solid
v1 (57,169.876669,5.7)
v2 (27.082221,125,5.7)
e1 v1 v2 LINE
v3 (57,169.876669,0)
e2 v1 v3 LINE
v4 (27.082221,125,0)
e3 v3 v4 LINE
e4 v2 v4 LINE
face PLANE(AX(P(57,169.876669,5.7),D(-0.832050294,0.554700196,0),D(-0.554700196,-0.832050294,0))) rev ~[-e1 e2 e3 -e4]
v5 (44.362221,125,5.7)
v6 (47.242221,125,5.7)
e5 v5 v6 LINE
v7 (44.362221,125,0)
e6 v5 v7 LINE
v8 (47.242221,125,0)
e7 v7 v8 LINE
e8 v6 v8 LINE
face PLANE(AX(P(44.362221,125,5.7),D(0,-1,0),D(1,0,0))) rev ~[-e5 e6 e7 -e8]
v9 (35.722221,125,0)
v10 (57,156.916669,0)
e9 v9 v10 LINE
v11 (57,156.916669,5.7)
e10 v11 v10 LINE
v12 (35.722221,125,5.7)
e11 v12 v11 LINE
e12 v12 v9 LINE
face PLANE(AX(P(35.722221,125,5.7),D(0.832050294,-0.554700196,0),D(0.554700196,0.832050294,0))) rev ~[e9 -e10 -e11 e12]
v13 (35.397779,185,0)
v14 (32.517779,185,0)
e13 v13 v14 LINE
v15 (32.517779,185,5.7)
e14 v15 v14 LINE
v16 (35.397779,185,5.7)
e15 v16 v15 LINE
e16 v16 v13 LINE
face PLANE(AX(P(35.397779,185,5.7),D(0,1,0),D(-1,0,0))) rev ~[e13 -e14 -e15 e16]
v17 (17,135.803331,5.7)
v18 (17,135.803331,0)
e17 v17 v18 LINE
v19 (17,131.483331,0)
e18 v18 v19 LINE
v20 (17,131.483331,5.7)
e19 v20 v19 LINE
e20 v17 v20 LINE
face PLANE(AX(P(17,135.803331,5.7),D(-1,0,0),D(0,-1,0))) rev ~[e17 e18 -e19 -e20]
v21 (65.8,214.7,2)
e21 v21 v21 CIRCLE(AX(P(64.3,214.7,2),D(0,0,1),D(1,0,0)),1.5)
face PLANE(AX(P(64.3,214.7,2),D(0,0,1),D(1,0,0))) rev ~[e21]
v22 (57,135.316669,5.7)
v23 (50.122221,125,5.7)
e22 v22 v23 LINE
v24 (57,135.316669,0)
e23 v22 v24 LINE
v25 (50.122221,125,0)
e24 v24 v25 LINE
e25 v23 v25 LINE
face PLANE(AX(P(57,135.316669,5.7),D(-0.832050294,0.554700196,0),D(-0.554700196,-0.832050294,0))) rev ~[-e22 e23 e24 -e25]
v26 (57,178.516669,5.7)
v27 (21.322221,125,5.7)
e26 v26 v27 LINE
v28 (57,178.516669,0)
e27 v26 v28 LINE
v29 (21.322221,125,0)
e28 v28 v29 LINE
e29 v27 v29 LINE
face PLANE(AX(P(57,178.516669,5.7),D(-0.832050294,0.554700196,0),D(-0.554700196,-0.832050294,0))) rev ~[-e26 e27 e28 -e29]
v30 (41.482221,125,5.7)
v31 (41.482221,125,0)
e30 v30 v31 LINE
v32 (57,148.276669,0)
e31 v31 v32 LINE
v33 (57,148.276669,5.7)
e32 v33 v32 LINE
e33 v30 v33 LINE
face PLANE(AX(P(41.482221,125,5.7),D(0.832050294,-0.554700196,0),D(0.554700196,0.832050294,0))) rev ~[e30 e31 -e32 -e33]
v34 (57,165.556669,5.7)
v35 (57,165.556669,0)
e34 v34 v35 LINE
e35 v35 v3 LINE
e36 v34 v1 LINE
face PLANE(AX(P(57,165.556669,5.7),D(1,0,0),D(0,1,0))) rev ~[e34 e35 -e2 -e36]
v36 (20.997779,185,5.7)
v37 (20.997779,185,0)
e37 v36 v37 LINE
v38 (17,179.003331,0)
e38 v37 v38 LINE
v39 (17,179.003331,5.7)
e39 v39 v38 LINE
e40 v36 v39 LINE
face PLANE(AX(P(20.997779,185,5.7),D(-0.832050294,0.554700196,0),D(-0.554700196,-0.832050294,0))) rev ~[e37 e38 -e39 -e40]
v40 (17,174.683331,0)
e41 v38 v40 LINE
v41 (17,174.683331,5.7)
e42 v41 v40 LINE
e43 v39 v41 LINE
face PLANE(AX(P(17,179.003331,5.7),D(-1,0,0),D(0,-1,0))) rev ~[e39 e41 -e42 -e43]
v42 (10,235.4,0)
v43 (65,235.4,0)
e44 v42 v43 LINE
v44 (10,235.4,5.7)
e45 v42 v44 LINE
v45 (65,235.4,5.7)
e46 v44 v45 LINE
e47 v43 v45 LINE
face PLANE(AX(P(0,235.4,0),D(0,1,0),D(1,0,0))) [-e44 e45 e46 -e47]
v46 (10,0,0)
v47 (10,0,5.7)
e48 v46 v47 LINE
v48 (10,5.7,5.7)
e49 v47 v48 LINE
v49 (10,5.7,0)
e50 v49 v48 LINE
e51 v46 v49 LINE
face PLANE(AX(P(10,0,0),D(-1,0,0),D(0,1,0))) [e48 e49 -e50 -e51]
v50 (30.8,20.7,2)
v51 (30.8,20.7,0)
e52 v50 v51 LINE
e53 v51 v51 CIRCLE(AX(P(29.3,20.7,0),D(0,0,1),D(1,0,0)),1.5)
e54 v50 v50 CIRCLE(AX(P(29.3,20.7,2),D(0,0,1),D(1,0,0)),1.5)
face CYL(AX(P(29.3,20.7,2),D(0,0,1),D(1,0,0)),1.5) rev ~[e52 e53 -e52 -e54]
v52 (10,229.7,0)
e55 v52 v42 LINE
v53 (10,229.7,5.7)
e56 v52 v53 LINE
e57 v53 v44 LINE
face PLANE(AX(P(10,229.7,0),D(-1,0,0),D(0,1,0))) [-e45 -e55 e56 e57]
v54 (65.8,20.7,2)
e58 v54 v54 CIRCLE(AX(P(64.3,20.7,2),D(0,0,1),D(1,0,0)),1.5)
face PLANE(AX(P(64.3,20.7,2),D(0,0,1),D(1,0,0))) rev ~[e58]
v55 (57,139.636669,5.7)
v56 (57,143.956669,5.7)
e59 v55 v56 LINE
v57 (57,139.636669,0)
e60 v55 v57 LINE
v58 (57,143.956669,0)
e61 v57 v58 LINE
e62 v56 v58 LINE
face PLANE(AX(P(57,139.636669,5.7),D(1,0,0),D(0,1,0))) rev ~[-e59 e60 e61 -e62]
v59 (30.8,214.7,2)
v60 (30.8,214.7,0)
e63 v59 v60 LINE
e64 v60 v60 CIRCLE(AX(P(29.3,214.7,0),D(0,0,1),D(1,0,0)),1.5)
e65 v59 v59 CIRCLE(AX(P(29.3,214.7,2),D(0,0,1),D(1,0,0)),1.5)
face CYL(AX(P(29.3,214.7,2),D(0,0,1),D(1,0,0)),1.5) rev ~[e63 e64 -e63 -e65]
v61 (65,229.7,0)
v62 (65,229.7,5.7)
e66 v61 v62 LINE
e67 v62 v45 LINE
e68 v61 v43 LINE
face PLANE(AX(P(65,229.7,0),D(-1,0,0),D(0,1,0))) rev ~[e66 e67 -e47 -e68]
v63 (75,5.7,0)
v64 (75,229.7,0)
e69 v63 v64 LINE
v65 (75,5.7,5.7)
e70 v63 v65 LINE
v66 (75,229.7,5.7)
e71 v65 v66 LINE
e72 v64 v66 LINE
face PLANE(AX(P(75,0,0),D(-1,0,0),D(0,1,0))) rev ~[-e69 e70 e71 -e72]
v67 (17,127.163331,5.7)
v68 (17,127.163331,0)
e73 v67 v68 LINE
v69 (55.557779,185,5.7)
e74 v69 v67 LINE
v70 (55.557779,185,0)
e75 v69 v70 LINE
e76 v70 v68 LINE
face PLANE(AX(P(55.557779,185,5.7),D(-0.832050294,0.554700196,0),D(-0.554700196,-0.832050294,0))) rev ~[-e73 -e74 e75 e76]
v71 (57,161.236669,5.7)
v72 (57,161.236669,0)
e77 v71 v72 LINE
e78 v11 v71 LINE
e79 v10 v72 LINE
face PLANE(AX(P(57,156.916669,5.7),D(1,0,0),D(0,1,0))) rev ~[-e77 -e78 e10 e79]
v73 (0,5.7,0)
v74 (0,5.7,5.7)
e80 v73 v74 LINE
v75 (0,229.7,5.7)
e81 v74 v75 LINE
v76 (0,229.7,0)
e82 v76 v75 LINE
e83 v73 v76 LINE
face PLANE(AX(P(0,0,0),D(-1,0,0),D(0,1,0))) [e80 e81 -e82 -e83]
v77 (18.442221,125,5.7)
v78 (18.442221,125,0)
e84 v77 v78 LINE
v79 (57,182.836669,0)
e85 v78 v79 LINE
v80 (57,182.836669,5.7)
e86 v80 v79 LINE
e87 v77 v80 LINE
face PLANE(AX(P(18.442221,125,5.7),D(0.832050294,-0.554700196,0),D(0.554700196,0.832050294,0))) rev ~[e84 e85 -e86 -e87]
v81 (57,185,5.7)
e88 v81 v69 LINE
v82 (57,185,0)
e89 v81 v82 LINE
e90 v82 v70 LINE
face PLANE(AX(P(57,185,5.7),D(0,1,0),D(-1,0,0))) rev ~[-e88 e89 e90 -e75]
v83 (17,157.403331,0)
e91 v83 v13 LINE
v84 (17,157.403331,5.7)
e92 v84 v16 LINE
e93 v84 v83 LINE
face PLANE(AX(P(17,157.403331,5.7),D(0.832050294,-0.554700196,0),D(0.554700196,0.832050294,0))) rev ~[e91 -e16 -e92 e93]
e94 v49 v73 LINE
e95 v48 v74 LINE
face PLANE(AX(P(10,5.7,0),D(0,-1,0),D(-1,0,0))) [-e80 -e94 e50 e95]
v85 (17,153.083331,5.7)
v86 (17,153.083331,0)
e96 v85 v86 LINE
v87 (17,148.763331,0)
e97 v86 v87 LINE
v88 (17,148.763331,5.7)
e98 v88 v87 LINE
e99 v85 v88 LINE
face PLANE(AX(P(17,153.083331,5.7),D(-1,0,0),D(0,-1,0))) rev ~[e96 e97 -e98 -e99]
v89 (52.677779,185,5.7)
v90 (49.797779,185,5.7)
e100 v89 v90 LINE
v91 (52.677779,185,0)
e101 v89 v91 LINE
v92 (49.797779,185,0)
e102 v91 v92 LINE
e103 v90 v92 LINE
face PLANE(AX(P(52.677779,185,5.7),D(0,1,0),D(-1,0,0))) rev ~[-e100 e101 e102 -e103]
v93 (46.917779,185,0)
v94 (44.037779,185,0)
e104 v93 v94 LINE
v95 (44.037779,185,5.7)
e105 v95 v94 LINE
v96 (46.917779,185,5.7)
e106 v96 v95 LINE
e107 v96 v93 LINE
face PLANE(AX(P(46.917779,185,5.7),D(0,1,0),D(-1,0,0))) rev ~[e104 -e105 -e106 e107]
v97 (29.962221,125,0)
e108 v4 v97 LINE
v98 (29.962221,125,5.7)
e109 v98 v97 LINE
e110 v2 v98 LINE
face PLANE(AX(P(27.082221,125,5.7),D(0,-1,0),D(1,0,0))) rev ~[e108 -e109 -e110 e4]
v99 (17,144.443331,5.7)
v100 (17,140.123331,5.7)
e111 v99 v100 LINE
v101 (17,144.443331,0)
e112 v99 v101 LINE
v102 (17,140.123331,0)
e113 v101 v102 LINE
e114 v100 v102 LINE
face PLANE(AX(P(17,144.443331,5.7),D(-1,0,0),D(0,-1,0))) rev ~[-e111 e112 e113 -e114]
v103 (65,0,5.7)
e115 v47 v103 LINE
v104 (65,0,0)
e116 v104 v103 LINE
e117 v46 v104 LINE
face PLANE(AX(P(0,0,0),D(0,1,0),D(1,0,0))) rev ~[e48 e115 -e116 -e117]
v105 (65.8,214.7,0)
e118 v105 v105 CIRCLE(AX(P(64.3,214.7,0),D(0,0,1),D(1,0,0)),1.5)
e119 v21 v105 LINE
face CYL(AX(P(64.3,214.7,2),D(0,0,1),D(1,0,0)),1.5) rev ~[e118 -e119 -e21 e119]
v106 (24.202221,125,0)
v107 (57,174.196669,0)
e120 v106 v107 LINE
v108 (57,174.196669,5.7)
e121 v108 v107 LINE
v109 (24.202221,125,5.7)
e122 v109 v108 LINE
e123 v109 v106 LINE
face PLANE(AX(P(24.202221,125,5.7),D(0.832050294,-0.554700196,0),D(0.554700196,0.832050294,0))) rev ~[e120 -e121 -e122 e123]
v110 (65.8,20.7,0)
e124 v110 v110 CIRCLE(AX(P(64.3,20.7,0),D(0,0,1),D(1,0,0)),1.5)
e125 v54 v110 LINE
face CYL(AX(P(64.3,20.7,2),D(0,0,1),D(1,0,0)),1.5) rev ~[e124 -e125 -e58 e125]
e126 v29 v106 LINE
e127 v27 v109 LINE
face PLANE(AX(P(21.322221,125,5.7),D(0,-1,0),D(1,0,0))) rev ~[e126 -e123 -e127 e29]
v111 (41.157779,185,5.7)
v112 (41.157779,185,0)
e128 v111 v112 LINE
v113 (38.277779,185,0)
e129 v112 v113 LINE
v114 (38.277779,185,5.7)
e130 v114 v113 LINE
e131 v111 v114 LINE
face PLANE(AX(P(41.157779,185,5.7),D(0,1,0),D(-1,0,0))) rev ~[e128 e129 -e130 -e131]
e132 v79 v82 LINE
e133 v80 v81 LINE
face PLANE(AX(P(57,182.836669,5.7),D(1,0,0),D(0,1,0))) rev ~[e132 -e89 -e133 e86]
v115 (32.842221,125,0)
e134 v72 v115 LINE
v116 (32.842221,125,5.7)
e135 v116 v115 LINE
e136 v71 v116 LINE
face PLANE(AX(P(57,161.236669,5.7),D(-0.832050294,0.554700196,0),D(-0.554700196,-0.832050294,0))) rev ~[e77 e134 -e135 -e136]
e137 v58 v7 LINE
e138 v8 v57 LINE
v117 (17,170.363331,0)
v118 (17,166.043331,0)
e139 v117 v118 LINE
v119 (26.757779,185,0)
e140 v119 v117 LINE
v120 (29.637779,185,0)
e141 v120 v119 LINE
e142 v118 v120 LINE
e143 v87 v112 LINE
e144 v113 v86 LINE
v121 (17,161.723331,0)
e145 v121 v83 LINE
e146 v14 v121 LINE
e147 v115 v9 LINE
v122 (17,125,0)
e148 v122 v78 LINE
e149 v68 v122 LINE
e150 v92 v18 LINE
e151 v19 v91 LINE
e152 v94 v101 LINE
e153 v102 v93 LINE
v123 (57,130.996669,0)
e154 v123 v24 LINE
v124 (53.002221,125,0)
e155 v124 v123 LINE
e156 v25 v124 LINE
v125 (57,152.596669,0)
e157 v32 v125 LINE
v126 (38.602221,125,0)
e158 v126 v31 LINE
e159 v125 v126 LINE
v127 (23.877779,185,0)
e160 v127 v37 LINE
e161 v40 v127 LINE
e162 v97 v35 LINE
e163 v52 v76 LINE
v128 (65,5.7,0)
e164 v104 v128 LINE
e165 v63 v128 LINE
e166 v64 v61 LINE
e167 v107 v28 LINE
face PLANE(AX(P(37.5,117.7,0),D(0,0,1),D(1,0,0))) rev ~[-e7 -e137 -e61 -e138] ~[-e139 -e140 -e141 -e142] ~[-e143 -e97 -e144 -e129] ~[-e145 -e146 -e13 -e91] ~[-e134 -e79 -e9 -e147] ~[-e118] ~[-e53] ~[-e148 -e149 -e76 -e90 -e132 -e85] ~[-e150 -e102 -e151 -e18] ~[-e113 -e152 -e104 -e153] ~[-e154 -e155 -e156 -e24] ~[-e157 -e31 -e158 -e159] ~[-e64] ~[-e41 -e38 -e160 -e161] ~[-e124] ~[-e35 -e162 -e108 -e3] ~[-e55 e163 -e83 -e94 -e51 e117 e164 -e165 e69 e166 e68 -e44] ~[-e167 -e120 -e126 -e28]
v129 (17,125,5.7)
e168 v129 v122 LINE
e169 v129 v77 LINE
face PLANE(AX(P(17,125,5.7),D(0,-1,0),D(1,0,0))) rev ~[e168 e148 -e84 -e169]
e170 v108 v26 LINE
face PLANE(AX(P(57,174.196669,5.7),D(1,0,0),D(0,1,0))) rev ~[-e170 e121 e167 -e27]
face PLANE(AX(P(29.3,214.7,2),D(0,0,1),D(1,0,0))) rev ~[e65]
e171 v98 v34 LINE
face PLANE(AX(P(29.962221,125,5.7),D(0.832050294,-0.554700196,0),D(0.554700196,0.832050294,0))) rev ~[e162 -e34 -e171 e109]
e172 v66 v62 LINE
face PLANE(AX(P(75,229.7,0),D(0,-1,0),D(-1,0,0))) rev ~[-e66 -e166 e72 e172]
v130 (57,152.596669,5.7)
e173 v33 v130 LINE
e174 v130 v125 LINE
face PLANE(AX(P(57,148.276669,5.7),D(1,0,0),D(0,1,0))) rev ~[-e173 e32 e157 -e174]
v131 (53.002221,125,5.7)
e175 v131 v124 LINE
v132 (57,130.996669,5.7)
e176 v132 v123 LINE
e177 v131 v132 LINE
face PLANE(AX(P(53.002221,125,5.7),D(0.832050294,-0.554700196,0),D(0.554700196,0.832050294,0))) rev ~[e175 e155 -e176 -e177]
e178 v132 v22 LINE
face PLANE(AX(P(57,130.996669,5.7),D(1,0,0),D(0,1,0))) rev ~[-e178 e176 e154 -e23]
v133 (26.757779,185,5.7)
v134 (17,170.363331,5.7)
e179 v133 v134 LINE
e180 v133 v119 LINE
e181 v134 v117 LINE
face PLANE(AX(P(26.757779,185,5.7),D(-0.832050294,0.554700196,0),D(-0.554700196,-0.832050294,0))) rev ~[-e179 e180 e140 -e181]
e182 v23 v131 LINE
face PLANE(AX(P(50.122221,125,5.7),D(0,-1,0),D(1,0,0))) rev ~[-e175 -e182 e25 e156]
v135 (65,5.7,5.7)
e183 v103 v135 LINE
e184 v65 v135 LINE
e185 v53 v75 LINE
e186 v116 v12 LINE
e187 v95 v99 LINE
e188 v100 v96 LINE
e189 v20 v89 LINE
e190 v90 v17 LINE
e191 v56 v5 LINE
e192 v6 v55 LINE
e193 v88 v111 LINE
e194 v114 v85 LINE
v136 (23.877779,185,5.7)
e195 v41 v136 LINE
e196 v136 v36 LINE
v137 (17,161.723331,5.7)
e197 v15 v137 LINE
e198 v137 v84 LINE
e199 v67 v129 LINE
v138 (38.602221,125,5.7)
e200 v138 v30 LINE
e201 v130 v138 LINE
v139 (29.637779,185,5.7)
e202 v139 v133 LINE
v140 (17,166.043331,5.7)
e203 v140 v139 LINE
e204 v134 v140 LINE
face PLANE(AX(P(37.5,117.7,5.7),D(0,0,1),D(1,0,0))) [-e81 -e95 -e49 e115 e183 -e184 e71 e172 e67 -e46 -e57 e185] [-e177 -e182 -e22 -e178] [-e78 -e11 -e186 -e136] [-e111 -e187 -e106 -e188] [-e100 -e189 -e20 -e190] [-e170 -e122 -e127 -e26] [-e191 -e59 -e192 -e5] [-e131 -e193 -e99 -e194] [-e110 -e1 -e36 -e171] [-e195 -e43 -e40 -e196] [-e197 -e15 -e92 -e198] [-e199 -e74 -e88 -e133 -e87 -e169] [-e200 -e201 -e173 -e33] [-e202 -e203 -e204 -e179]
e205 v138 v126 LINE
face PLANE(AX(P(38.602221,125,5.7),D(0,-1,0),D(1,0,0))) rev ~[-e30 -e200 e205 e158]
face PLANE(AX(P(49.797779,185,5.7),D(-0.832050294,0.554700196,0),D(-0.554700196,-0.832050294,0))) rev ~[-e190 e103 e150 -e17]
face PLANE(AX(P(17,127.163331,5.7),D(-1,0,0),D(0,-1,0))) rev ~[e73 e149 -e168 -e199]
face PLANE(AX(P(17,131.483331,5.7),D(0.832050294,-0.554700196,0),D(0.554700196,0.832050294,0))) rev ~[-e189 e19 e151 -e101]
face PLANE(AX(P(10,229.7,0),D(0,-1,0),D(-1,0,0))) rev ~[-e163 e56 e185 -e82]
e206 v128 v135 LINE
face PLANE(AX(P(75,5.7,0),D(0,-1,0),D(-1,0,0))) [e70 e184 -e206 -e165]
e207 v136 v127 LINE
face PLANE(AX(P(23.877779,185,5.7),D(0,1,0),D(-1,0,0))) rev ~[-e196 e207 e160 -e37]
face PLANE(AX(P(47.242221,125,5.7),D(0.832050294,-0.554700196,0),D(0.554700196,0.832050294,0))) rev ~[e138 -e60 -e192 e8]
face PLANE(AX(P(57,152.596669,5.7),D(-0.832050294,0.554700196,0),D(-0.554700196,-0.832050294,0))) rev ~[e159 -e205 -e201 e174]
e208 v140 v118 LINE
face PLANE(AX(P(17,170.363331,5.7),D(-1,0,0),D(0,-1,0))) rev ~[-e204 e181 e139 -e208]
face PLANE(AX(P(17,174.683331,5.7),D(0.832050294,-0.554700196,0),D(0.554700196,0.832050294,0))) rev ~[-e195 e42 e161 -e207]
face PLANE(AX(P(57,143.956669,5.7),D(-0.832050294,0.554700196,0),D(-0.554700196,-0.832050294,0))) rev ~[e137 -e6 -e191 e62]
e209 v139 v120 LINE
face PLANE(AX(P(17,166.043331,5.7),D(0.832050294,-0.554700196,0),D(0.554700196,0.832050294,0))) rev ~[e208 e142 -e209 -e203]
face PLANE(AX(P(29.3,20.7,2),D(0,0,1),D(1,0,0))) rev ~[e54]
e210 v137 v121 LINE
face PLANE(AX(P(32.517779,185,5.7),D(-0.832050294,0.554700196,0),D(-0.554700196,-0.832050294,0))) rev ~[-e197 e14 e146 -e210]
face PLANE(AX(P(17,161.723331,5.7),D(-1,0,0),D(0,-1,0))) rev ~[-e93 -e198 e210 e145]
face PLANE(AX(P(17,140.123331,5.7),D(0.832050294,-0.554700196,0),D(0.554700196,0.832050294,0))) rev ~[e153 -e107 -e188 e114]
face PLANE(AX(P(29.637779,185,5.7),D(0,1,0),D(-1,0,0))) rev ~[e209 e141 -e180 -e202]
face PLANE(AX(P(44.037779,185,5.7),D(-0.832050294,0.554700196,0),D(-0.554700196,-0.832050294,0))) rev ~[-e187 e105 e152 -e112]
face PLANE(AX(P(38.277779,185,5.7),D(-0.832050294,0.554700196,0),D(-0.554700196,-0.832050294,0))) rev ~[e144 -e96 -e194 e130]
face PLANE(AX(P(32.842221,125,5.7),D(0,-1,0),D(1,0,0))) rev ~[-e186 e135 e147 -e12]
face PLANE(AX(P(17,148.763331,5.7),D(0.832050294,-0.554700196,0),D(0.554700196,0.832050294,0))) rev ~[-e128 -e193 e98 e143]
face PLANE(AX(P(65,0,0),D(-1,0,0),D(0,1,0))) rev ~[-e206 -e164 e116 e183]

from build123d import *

# Parameters (mm, degrees)
SKETCH1_W           = 75
SKETCH1_H           = 235.4
BOSS_EXTRUDE1_DEPTH = 5.7
SKETCH2_W           = 10
SKETCH2_H           = 5.7
CUT_EXTRUDE1_DEPTH  = 5.7
CUT_EXTRUDE2_DEPTH  = 5.7
CUT_EXTRUDE3_START  = -3.7
SKETCH4_R           = 1.5
CUT_EXTRUDE3_DEPTH  = 2


with BuildPart() as part:
    # Sketch1 → Boss-Extrude1 (new body)
    with BuildSketch(Plane.XY):
        with Locations((37.5, 117.7)):
            Rectangle(SKETCH1_W, SKETCH1_H)
    extrude(amount=BOSS_EXTRUDE1_DEPTH)

    # Sketch2 → Cut-Extrude1 (cut)
    with BuildSketch(Plane(origin=(0, 0, 0), x_dir=(-1, 0, 0), z_dir=(0, 0, -1))):
        with Locations((-70, 2.85)):
            Rectangle(SKETCH2_W, SKETCH2_H)
        with Locations((-5, 2.85)):
            Rectangle(SKETCH2_W, SKETCH2_H)
        with Locations((-5, 232.55)):
            Rectangle(SKETCH2_W, SKETCH2_H)
        with Locations((-70, 232.55)):
            Rectangle(SKETCH2_W, SKETCH2_H)
    extrude(amount=-CUT_EXTRUDE1_DEPTH, mode=Mode.SUBTRACT)

    # Sketch3 → Cut-Extrude2 (cut)
    with BuildSketch(Plane.XY.offset(5.7)):
        Polygon((57, 185), (55.55777949, 185), (17, 127.163330765), (17, 125), (18.44222051, 125), (57, 182.836669235), align=None)
        Polygon((52.67777949, 185), (49.79777949, 185), (17, 135.803330765), (17, 131.483330765), align=None)
        Polygon((46.91777949, 185), (44.03777949, 185), (17, 144.443330765), (17, 140.123330765), align=None)
        Polygon((41.15777949, 185), (38.27777949, 185), (17, 153.083330765), (17, 148.763330765), align=None)
        Polygon((35.39777949, 185), (32.51777949, 185), (17, 161.723330765), (17, 157.403330765), align=None)
        Polygon((29.63777949, 185), (26.75777949, 185), (17, 170.363330765), (17, 166.043330765), align=None)
        Polygon((23.87777949, 185), (20.99777949, 185), (17, 179.003330765), (17, 174.683330765), align=None)
        Polygon((57, 174.196669235), (57, 178.516669235), (21.32222051, 125), (24.20222051, 125), align=None)
        Polygon((57, 165.556669235), (57, 169.876669235), (27.08222051, 125), (29.96222051, 125), align=None)
        Polygon((57, 156.916669235), (57, 161.236669235), (32.84222051, 125), (35.72222051, 125), align=None)
        Polygon((57, 148.276669235), (57, 152.596669235), (38.60222051, 125), (41.48222051, 125), align=None)
        Polygon((57, 139.636669235), (57, 143.956669235), (44.36222051, 125), (47.24222051, 125), align=None)
        Polygon((57, 130.996669235), (57, 135.316669235), (50.12222051, 125), (53.00222051, 125), align=None)
    extrude(amount=-CUT_EXTRUDE2_DEPTH, mode=Mode.SUBTRACT)

    # Sketch4 → Cut-Extrude3 (cut)
    with BuildSketch(Plane.XY.offset(5.7).offset(CUT_EXTRUDE3_START)):
        with Locations((64.3, 20.7)):
            Circle(SKETCH4_R)
        with Locations((29.3, 20.7)):
            Circle(SKETCH4_R)
        with Locations((64.3, 214.7)):
            Circle(SKETCH4_R)
        with Locations((29.3, 214.7)):
            Circle(SKETCH4_R)
    extrude(amount=-CUT_EXTRUDE3_DEPTH, mode=Mode.SUBTRACT)


solid = part.part
